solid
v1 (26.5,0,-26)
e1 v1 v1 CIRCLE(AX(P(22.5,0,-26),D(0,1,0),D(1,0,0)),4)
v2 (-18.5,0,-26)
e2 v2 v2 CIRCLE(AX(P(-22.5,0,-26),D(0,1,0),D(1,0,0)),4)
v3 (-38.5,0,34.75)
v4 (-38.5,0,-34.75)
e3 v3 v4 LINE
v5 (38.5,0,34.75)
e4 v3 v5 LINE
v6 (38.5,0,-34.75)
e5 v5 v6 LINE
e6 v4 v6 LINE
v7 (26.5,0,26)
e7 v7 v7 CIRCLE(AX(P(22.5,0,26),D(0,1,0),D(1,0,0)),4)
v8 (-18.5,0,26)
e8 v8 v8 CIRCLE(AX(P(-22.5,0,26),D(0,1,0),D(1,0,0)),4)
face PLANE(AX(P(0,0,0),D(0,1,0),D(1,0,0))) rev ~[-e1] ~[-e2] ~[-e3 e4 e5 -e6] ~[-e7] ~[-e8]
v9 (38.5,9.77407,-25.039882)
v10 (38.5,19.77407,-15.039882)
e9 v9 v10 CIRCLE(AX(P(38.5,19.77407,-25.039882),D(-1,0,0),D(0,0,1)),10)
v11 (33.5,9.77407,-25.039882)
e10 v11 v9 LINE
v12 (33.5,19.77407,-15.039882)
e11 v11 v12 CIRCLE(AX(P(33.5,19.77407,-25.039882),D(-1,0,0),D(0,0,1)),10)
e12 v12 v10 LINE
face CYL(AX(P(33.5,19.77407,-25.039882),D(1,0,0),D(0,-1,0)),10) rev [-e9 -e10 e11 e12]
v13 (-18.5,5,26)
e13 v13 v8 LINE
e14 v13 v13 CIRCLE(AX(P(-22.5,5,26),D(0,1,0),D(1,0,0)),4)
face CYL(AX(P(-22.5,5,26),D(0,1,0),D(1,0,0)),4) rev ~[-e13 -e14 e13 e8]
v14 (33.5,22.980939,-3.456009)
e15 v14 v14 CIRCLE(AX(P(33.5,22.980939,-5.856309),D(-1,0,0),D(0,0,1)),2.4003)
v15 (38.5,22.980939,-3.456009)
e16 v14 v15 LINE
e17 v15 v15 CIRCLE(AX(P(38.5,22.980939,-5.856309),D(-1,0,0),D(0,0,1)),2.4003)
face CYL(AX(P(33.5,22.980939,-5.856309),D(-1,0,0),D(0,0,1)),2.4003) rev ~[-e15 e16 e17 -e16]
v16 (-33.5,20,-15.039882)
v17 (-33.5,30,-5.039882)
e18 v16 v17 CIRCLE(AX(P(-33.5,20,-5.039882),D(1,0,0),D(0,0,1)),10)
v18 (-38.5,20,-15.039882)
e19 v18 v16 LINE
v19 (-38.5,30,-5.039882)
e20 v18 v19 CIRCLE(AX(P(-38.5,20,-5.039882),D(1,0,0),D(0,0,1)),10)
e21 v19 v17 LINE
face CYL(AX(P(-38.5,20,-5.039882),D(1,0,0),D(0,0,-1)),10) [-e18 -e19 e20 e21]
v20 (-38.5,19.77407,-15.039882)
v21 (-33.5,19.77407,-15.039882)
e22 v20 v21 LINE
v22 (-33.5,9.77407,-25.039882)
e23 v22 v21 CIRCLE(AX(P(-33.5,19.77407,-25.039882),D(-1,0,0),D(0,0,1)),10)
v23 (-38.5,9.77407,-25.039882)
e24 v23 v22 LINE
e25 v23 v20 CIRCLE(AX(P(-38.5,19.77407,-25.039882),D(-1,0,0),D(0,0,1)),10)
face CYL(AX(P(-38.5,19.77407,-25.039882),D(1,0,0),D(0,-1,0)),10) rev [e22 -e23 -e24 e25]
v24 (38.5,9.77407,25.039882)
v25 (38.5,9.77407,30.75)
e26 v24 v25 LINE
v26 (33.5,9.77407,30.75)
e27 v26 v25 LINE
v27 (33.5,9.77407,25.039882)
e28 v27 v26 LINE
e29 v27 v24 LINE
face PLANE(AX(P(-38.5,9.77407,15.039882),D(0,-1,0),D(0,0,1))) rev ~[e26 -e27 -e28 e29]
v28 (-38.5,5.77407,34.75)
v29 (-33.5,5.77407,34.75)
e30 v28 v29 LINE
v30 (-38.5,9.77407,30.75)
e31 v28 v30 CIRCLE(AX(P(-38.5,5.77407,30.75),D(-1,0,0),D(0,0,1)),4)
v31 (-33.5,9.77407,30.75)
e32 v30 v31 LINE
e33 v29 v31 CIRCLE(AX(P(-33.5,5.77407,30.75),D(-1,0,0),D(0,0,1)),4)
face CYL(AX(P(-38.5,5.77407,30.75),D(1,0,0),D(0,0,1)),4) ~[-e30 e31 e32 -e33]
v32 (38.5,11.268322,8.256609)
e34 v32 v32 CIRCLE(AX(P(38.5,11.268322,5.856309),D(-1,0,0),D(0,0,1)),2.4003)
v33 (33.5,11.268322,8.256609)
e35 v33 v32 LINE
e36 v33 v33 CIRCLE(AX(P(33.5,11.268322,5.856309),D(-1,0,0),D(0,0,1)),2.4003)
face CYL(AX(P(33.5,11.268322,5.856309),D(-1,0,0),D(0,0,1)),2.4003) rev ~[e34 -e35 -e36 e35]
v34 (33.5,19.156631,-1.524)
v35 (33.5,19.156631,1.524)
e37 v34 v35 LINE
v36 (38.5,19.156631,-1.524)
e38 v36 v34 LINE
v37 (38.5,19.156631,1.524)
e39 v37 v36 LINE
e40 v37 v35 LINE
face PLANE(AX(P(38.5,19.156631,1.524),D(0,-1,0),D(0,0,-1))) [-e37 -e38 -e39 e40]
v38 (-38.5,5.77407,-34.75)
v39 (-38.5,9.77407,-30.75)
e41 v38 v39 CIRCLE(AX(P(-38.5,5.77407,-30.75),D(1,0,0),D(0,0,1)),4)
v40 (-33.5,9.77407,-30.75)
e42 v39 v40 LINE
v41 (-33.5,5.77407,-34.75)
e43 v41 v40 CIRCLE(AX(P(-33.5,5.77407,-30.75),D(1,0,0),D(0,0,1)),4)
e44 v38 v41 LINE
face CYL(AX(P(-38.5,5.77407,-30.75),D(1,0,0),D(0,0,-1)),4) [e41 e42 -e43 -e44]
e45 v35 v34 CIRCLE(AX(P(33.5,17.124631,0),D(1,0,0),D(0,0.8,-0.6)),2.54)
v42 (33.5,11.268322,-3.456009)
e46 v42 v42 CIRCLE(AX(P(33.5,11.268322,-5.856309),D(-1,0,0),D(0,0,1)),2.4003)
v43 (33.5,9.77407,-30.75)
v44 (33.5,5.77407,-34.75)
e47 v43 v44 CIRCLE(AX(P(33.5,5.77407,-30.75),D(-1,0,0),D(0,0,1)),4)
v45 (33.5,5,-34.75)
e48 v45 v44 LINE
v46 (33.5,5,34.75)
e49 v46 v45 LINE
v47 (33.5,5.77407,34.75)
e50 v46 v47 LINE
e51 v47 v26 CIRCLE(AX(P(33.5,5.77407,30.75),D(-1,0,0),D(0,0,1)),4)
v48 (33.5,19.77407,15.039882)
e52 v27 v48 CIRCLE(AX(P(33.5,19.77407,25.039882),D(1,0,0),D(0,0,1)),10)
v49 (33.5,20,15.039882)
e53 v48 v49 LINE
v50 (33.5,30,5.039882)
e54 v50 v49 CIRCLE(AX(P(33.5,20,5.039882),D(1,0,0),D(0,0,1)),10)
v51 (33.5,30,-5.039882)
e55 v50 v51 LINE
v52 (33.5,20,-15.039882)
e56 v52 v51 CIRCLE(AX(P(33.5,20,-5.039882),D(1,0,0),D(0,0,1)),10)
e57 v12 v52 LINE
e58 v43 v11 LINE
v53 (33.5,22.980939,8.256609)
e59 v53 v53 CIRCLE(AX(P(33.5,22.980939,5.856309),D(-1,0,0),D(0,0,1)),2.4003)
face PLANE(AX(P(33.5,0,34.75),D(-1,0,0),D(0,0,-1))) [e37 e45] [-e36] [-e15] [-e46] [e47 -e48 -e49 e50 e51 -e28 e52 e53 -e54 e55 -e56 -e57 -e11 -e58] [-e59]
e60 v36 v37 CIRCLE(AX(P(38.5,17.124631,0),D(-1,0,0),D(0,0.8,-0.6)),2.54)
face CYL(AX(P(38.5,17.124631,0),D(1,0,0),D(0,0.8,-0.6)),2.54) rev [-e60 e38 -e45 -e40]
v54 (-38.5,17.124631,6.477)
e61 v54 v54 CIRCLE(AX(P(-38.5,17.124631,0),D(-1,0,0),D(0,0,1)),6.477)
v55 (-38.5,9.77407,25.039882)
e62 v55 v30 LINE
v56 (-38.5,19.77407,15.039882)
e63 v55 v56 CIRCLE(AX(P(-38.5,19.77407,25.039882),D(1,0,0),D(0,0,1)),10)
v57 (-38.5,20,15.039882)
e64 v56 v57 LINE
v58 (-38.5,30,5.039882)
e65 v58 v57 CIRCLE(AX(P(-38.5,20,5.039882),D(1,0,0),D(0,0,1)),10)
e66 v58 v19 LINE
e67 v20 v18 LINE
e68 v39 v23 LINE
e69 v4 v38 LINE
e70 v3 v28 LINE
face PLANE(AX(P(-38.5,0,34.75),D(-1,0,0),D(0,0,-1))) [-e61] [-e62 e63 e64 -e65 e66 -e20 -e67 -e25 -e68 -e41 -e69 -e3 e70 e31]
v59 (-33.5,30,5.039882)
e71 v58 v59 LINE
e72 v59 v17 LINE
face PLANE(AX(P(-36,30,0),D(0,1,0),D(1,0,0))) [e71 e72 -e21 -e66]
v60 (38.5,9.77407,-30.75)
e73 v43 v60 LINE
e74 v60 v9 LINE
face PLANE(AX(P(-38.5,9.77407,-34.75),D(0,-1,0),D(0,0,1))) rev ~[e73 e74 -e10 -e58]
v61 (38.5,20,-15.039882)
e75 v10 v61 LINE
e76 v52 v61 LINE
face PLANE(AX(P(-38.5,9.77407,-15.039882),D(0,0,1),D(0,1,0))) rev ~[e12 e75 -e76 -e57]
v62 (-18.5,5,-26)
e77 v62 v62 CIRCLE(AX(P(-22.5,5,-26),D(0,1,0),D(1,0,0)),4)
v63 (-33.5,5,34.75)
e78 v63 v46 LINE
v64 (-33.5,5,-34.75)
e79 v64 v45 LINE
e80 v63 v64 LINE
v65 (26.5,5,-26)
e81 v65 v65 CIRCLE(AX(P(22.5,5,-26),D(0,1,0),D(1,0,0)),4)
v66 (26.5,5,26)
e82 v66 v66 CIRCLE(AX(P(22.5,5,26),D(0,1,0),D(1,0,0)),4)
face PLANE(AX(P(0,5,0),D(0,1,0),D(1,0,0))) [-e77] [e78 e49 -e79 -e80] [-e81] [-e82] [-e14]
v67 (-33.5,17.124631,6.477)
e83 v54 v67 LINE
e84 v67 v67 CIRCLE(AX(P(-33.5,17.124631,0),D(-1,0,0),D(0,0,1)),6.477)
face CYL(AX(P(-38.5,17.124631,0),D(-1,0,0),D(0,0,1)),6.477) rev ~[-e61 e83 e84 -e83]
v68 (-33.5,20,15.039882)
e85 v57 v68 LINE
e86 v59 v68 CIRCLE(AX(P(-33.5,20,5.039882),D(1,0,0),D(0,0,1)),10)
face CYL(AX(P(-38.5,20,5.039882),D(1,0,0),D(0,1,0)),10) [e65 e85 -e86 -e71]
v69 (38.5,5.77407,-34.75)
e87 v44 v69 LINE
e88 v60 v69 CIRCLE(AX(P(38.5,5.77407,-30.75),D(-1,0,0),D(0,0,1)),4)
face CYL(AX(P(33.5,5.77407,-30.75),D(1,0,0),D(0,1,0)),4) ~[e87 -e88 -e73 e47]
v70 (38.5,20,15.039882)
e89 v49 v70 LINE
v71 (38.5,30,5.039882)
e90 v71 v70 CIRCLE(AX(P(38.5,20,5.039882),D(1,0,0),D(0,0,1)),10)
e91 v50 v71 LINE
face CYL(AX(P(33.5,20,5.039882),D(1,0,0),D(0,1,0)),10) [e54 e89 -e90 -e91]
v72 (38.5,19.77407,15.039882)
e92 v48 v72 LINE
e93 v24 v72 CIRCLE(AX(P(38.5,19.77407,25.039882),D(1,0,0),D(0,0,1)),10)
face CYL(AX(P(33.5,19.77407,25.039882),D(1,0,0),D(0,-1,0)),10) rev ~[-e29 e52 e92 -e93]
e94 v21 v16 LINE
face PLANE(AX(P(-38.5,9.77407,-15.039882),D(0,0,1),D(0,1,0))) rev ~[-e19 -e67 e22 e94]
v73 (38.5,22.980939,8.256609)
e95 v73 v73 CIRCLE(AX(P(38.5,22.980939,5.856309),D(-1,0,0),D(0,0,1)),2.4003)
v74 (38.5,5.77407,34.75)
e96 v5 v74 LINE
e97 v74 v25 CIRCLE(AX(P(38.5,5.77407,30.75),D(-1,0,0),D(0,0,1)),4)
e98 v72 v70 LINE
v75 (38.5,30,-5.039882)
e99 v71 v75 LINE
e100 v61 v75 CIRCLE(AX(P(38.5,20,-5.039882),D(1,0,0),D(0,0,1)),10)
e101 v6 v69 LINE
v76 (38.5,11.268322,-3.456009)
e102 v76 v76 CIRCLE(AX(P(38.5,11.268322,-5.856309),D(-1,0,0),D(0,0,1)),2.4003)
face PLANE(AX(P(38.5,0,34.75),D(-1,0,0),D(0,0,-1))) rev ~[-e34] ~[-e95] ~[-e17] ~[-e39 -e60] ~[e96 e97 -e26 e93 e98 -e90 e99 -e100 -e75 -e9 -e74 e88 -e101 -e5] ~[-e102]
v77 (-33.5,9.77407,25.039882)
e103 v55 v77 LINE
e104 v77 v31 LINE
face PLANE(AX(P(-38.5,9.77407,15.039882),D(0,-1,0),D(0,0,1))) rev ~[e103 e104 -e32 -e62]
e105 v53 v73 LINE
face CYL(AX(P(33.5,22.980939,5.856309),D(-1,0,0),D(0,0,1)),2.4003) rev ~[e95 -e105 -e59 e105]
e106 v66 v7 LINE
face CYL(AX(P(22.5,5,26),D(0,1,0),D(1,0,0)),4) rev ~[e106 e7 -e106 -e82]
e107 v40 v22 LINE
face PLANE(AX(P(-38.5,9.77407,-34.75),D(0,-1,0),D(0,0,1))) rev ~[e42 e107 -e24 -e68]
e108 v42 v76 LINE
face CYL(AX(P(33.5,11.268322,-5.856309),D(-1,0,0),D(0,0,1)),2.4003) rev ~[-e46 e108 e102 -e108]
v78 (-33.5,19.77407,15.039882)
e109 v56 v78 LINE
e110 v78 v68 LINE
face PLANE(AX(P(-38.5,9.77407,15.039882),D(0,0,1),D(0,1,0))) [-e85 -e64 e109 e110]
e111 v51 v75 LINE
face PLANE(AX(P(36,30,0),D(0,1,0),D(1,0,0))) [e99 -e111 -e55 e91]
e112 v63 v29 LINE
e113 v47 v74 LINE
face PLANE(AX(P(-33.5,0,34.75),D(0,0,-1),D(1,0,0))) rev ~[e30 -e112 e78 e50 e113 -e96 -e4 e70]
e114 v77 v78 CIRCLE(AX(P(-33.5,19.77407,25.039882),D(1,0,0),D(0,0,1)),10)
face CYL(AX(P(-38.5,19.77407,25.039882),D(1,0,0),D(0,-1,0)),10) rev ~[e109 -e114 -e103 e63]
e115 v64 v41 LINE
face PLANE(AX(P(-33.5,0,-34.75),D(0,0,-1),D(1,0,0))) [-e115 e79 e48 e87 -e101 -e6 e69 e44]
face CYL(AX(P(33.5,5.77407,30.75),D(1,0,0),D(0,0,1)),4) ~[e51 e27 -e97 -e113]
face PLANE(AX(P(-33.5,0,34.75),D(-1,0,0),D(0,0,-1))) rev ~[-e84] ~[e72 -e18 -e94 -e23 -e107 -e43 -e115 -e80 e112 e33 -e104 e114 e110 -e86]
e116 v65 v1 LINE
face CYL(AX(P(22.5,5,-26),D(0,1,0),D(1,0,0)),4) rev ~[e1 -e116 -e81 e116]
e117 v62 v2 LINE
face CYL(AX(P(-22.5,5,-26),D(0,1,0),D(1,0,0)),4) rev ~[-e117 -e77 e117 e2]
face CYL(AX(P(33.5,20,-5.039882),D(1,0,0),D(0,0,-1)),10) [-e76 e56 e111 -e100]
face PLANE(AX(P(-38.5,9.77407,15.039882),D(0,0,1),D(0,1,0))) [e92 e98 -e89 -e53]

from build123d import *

# Parameters (mm, degrees)
SKETCH1_W             = 5
SKETCH1_H             = 69.5
BOSS_EXTRUDE1_DEPTH   = 30
BOSS_EXTRUDE1_2_DEPTH = 30
SKETCH1_4_W           = 67
SKETCH1_4_H           = 69.5
BOSS_EXTRUDE3_DEPTH   = 5
SKETCH2_R             = 6.477
CUT_EXTRUDE1_DEPTH    = 34
SKETCH3_R             = 4
CUT_EXTRUDE2_DEPTH    = 119
CUT_EXTRUDE3_DEPTH    = 14
SKETCH9_W             = 19.710117916
SKETCH9_H             = 20.225929664
CUT_EXTRUDE4_DEPTH    = 113
FILLET1_R             = 10
FILLET2_R             = 4
SKETCH11_R            = 2.4003
CUT_EXTRUDE5_DEPTH    = 5


with BuildPart() as part:
    # Sketch1 → Boss-Extrude1 (new body)
    with BuildSketch(Plane(origin=(0, 0, 0), x_dir=(1, 0, 0), z_dir=(0, 1, 0))):
        with Locations((-36, 0)):
            Rectangle(SKETCH1_W, SKETCH1_H)
    extrude(amount=BOSS_EXTRUDE1_DEPTH)



with BuildPart() as body_2:
    # Sketch1 → Boss-Extrude1 2 (new body)
    with BuildSketch(Plane(origin=(0, 0, 0), x_dir=(1, 0, 0), z_dir=(0, 1, 0))):
        with Locations((36, 0)):
            Rectangle(SKETCH1_W, SKETCH1_H)
    extrude(amount=BOSS_EXTRUDE1_2_DEPTH)


with BuildPart() as part_1:
    add(part.part)

    add(body_2.part)  # Boss-Extrude3 merges body 2
    # Sketch1<4> → Boss-Extrude3 (add)
    with BuildSketch(Plane(origin=(0, 0, 0), x_dir=(1, 0, 0), z_dir=(0, 1, 0))):
        Rectangle(SKETCH1_4_W, SKETCH1_4_H)
    extrude(amount=BOSS_EXTRUDE3_DEPTH)

    # Sketch2 → Cut-Extrude1 (cut)
    with BuildSketch(Plane.ZY.offset(38.5)):
        with Locations((0, 17.124630649)):
            Circle(SKETCH2_R)
    extrude(amount=-CUT_EXTRUDE1_DEPTH, mode=Mode.SUBTRACT)

    # Sketch3 → Cut-Extrude2 (cut)
    with BuildSketch(Plane(origin=(0, 5, 0), x_dir=(1, 0, 0), z_dir=(0, 1, 0))):
        with Locations((-22.5, 26)):
            Circle(SKETCH3_R)
        with Locations((-22.5, -26)):
            Circle(SKETCH3_R)
        with Locations((22.5, 26)):
            Circle(SKETCH3_R)
        with Locations((22.5, -26)):
            Circle(SKETCH3_R)
    extrude(amount=-CUT_EXTRUDE2_DEPTH, mode=Mode.SUBTRACT)

    # Sketch8 → Cut-Extrude3 (cut)
    with BuildSketch(Plane(origin=(38.5, 0, 0), x_dir=(0, 0, -1), z_dir=(1, 0, 0))):
        with BuildLine():
            Line((-1.524, 19.156630649), (1.524, 19.156630649))
            ThreePointArc((1.524, 19.156630649), (0, 14.584630649), (-1.524, 19.156630649))
        make_face()
    extrude(amount=-CUT_EXTRUDE3_DEPTH, mode=Mode.SUBTRACT)

    # Sketch9 → Cut-Extrude4 (cut)
    with BuildSketch(Plane.ZY.offset(38.5)):
        with Locations((-24.894941042, 19.887035168)):
            Rectangle(SKETCH9_W, SKETCH9_H)
        with Locations((24.894941042, 19.887035168)):
            Rectangle(SKETCH9_W, SKETCH9_H)
    extrude(amount=-CUT_EXTRUDE4_DEPTH, mode=Mode.SUBTRACT)

    # Fillet1
    fillet1_edges = [part_1.edges().sort_by_distance(p)[0] for p in [
        (36, 9.774070336, -15.039882084),
        (-36, 30, -15.039882084),
        (-36, 9.774070336, -15.039882084),
        (36, 9.774070336, 15.039882084),
        (-36, 9.774070336, 15.039882084),
        (-36, 30, 15.039882084),
        (36, 30, 15.039882084),
        (36, 30, -15.039882084),
    ]]
    fillet(fillet1_edges, radius=FILLET1_R)

    # Fillet2
    fillet2_edges = [part_1.edges().sort_by_distance(p)[0] for p in [
        (36, 9.774070336, -34.75),
        (-36, 9.774070336, -34.75),
        (36, 9.774070336, 34.75),
        (-36, 9.774070336, 34.75),
    ]]
    fillet(fillet2_edges, radius=FILLET2_R)

    # Sketch11 → Cut-Extrude5 (cut)
    with BuildSketch(Plane.ZY.offset(-33.5)):
        with Locations((-5.856308805, 22.980939454)):
            Circle(SKETCH11_R)
        with Locations((5.856308805, 22.980939454)):
            Circle(SKETCH11_R)
        with Locations((-5.856308805, 11.268321844)):
            Circle(SKETCH11_R)
        with Locations((5.856308805, 11.268321844)):
            Circle(SKETCH11_R)
    extrude(amount=-CUT_EXTRUDE5_DEPTH, mode=Mode.SUBTRACT)


solid = part_1.part
